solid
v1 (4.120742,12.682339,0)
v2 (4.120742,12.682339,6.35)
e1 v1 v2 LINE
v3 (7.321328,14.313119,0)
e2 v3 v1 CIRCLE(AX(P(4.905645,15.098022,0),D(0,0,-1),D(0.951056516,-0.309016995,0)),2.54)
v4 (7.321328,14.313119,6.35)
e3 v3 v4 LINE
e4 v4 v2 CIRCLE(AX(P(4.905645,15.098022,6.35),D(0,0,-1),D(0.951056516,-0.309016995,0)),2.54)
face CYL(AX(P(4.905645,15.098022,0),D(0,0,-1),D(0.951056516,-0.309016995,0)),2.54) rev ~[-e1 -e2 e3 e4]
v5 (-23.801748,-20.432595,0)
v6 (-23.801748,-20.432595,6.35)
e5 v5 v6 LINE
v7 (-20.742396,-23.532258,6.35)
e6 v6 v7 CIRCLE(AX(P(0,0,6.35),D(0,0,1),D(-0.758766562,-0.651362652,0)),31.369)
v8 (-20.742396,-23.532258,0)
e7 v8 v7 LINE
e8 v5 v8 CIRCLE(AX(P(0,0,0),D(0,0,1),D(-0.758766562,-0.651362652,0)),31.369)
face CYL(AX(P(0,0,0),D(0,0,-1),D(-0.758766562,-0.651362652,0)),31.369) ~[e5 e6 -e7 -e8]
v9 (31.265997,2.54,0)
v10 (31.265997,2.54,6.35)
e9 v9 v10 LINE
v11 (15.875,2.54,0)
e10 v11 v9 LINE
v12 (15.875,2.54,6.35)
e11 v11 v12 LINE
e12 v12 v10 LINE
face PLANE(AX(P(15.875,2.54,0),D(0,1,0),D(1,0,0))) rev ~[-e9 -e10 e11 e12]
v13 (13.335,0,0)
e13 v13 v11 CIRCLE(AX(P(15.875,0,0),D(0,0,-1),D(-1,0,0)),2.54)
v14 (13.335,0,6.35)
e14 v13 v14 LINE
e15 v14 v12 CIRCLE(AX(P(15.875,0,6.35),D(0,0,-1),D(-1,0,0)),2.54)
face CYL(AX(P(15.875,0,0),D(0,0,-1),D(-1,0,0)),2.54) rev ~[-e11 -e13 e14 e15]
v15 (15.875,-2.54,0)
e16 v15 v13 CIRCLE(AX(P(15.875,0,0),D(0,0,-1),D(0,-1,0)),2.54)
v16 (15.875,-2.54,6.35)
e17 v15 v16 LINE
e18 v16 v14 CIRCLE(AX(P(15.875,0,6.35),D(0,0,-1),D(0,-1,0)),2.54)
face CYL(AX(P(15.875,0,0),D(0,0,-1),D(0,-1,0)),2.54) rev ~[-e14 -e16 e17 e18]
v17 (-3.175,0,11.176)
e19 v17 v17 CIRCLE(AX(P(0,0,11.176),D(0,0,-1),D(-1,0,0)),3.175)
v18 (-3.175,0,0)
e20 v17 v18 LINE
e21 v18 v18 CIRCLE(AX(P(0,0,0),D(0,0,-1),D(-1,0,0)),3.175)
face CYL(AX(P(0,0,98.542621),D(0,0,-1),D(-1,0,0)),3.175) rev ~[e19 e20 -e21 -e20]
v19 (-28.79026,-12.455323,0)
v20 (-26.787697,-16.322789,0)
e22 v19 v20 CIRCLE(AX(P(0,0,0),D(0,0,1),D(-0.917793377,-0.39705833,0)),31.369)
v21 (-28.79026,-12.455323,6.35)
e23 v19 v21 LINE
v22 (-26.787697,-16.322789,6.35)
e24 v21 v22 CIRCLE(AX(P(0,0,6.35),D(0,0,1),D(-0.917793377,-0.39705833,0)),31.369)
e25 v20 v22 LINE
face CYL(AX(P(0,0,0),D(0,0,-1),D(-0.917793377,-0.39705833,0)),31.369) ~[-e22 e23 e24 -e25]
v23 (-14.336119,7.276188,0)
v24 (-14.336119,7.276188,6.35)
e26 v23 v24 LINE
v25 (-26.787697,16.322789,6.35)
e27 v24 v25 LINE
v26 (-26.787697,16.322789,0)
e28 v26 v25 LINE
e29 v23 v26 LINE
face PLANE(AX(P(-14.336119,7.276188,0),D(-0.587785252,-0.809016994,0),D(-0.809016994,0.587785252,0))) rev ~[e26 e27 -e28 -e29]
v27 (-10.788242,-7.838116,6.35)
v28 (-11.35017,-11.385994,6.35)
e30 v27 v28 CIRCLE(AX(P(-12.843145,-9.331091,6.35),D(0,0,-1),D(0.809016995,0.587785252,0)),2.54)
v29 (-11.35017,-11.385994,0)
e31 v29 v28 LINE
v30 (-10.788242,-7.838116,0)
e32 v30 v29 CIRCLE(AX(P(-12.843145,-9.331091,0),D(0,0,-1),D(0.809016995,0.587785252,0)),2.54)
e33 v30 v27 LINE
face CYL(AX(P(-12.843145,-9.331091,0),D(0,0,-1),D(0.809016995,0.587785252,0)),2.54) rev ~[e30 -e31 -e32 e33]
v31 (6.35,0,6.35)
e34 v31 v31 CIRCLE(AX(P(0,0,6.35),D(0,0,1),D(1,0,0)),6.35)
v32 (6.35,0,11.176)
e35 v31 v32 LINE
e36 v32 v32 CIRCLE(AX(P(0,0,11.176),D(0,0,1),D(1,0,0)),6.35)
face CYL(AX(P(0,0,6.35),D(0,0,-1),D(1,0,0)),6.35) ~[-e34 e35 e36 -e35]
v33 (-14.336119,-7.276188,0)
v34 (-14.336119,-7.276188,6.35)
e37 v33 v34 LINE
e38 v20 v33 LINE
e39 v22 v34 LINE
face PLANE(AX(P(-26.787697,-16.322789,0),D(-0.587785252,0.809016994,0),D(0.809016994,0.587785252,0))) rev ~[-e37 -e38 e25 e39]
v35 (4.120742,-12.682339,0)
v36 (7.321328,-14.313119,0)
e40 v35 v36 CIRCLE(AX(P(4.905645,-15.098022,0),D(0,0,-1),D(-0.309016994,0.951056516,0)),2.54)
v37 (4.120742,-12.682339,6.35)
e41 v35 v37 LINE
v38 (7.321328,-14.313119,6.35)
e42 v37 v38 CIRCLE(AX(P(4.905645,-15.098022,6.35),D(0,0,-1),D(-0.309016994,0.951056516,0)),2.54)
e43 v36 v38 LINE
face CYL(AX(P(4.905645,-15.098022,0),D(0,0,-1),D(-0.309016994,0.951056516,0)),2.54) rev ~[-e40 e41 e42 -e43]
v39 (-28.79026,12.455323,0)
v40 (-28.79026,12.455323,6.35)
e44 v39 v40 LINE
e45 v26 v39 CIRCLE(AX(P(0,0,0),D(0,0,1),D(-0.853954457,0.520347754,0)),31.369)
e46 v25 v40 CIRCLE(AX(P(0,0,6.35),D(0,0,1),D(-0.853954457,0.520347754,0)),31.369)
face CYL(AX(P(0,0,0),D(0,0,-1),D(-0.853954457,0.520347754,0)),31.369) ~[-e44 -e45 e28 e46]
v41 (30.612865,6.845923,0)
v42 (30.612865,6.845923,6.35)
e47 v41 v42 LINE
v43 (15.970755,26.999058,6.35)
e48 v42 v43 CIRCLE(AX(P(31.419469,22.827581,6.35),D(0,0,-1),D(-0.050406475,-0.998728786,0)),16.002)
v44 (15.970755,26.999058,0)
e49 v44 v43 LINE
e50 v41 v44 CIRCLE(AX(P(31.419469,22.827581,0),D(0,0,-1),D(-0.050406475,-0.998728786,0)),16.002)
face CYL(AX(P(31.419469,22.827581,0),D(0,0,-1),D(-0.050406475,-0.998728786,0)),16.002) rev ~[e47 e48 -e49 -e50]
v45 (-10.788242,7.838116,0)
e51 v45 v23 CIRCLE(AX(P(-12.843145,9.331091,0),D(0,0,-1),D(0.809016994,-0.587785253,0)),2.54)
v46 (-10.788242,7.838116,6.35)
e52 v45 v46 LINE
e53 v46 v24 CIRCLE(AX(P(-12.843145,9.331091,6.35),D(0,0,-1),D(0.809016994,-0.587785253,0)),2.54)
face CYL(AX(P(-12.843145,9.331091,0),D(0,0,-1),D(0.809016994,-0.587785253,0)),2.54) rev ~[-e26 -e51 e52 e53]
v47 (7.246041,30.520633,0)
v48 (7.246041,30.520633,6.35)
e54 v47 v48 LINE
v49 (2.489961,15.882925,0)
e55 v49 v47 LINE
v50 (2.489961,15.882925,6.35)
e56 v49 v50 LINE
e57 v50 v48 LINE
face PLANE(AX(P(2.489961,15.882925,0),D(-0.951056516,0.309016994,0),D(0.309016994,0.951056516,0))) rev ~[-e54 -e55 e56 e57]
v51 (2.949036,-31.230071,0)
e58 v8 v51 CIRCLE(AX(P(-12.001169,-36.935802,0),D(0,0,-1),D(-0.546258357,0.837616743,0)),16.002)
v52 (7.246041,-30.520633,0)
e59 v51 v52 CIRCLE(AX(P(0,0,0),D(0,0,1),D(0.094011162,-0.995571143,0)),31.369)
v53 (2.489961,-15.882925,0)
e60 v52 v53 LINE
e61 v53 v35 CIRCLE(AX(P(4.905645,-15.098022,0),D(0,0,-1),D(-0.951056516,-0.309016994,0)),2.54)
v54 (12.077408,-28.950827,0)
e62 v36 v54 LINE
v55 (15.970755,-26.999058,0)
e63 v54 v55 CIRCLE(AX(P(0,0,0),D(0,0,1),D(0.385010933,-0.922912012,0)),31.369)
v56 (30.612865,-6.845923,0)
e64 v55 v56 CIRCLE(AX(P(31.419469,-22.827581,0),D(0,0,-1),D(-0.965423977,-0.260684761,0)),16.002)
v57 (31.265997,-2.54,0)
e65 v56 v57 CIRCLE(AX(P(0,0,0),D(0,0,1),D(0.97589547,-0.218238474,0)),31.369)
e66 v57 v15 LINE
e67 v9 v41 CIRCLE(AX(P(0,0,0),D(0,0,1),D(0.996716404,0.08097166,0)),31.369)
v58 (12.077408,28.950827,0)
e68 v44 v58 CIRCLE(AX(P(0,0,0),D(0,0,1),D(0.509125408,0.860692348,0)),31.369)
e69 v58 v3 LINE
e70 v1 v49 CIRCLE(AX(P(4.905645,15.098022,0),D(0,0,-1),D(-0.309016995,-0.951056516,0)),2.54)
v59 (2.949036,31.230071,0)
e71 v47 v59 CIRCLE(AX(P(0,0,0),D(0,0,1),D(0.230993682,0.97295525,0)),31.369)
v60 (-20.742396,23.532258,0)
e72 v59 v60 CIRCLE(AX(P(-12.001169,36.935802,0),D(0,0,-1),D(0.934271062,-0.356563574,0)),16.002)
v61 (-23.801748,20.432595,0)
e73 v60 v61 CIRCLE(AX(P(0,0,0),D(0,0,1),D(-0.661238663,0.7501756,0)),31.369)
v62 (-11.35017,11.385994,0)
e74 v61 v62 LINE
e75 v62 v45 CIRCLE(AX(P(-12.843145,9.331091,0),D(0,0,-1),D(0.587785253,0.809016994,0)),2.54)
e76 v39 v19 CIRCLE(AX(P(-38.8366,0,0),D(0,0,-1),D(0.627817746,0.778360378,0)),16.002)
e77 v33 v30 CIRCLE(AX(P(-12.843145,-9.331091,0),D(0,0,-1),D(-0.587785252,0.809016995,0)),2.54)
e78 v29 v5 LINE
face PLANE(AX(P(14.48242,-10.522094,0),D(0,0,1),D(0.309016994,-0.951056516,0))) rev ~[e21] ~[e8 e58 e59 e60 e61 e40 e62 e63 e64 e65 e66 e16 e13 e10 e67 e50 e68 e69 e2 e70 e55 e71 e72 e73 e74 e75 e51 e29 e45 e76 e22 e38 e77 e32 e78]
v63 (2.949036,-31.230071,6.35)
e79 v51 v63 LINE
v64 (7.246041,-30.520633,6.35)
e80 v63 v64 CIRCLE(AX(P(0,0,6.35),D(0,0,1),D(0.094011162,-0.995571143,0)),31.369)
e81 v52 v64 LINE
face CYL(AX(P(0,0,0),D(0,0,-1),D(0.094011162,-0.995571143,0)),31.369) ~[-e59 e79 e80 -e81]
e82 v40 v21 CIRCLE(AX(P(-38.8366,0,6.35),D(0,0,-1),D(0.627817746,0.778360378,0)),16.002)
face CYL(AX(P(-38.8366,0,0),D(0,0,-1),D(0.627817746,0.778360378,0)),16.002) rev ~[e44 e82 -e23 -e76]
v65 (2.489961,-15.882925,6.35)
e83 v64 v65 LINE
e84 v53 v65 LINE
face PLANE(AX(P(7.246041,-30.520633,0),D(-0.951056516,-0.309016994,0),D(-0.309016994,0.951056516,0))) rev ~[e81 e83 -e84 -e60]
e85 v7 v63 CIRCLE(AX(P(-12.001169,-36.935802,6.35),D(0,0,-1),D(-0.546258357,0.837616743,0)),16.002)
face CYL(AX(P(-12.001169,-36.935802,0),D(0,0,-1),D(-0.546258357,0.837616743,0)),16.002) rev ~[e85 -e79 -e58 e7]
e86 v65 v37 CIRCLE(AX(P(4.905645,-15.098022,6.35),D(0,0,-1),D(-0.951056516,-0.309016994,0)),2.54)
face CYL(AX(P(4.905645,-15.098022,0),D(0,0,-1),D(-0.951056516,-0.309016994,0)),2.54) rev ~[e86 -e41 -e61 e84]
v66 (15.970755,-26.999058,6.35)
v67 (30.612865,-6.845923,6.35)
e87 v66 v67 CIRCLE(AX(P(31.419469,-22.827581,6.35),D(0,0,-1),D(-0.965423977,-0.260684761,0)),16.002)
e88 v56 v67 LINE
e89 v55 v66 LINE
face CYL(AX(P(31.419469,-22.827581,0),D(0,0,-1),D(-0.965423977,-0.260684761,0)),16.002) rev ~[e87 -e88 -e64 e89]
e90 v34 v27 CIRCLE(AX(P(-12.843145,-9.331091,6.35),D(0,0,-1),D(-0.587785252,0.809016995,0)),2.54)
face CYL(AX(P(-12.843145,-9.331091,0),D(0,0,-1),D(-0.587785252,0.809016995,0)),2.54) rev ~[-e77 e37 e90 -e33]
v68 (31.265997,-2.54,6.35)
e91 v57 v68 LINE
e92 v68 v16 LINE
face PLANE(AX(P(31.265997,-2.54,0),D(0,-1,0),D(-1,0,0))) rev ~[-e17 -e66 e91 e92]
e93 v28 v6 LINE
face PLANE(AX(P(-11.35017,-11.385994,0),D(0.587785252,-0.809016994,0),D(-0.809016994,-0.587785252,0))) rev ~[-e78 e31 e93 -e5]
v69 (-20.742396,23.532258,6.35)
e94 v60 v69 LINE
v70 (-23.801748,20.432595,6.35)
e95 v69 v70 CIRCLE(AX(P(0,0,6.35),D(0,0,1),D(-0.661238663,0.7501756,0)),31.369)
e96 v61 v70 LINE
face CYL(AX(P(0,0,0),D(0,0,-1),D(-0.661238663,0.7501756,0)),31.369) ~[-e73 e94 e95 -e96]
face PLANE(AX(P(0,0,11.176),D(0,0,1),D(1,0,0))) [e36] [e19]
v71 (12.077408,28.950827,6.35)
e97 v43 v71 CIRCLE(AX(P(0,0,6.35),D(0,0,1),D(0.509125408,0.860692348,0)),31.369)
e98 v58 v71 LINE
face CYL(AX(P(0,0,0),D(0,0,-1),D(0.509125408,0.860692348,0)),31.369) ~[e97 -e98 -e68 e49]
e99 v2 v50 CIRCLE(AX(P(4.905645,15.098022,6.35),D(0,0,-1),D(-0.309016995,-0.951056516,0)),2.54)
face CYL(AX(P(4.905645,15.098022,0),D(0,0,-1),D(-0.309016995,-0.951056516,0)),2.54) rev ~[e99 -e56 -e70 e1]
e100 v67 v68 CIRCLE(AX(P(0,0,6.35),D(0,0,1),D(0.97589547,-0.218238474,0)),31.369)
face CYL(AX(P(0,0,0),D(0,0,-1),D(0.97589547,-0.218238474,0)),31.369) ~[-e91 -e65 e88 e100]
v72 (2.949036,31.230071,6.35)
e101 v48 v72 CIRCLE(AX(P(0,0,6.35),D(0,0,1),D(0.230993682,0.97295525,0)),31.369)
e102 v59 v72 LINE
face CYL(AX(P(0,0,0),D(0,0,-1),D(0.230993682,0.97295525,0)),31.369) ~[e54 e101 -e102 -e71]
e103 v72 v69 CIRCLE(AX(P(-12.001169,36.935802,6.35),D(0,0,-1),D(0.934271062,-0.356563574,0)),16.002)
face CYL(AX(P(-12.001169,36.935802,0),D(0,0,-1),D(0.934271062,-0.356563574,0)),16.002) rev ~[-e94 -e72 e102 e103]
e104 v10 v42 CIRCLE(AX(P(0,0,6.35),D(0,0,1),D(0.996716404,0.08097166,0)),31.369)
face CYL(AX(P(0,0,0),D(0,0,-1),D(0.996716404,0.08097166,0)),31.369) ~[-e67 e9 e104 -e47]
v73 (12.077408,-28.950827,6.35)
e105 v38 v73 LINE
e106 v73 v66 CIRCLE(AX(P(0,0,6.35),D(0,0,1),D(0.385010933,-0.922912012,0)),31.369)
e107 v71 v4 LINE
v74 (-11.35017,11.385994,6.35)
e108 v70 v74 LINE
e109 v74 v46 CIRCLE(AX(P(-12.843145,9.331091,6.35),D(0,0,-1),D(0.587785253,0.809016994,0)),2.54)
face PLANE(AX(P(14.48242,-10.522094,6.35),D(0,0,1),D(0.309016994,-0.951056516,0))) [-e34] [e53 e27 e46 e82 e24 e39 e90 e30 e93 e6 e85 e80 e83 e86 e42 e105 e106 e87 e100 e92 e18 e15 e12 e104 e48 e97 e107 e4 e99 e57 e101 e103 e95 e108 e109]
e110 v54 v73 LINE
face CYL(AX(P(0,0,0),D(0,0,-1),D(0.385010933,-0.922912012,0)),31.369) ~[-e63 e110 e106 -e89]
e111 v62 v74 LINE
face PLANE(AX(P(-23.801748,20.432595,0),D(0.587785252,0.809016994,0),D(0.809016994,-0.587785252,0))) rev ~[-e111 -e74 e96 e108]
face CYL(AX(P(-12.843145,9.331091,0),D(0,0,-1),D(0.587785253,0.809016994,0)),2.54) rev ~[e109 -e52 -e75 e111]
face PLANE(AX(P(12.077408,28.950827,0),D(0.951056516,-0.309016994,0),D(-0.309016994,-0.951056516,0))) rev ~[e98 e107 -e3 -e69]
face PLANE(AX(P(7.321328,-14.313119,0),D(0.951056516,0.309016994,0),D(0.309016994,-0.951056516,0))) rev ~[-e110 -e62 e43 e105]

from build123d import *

# Parameters (mm, degrees)
BOSS_EXTRUDE1_DEPTH         = 6.35
CIRPATTERN1_COUNT           = 5
SKETCH3_R                   = 6.35
BOSS_EXTRUDE2_DEPTH         = 4.826
F_1_4_0_25_DIAMETER_HOLE1_D = 6.35


with BuildPart() as part:
    # Sketch2 → Boss-Extrude1 (new body)
    with BuildSketch(Plane.XY):
        with BuildLine():
            Line((4.12074162, 12.682338645), (0, 0))
            Line((0, 0), (13.335, 0))
            ThreePointArc((13.335, 0), (14.078948776, 1.796051224), (15.875, 2.54))
            Line((15.875, 2.54), (31.265996882, 2.54))
            ThreePointArc((31.265996882, 2.54), (31.014248813, 4.704309891), (30.612864998, 6.845922701))
            ThreePointArc((30.612864998, 6.845922701), (18.47357946, 13.421841122), (15.970754926, 26.999058282))
            ThreePointArc((15.970754926, 26.999058282), (14.057994528, 28.042591729), (12.077407934, 28.950826907))
            Line((12.077407934, 28.950826907), (7.321328337, 14.31311903))
            ThreePointArc((7.321328337, 14.31311903), (6.058780655, 12.834865625), (4.12074162, 12.682338645))
        make_face()
    boss_extrude1 = extrude(amount=BOSS_EXTRUDE1_DEPTH)

    # CirPattern1: Boss-Extrude1 ×5 about axis
    cirpattern1_axis = Axis((0, 0, 0), (0, 0, 1))
    for i in range(1, CIRPATTERN1_COUNT):
        add(boss_extrude1.rotate(cirpattern1_axis, i * 360 / CIRPATTERN1_COUNT))

    # Sketch3 → Boss-Extrude2 (add)
    with BuildSketch(Plane.XY.offset(6.35)):
        Circle(SKETCH3_R)
    extrude(amount=BOSS_EXTRUDE2_DEPTH)

    # 1/4 (0.25) Diameter Hole1 (through all)
    with Locations(Plane.XY.offset(11.176)):
        with Locations((0, 0)):
            Hole(F_1_4_0_25_DIAMETER_HOLE1_D / 2)


solid = part.part
